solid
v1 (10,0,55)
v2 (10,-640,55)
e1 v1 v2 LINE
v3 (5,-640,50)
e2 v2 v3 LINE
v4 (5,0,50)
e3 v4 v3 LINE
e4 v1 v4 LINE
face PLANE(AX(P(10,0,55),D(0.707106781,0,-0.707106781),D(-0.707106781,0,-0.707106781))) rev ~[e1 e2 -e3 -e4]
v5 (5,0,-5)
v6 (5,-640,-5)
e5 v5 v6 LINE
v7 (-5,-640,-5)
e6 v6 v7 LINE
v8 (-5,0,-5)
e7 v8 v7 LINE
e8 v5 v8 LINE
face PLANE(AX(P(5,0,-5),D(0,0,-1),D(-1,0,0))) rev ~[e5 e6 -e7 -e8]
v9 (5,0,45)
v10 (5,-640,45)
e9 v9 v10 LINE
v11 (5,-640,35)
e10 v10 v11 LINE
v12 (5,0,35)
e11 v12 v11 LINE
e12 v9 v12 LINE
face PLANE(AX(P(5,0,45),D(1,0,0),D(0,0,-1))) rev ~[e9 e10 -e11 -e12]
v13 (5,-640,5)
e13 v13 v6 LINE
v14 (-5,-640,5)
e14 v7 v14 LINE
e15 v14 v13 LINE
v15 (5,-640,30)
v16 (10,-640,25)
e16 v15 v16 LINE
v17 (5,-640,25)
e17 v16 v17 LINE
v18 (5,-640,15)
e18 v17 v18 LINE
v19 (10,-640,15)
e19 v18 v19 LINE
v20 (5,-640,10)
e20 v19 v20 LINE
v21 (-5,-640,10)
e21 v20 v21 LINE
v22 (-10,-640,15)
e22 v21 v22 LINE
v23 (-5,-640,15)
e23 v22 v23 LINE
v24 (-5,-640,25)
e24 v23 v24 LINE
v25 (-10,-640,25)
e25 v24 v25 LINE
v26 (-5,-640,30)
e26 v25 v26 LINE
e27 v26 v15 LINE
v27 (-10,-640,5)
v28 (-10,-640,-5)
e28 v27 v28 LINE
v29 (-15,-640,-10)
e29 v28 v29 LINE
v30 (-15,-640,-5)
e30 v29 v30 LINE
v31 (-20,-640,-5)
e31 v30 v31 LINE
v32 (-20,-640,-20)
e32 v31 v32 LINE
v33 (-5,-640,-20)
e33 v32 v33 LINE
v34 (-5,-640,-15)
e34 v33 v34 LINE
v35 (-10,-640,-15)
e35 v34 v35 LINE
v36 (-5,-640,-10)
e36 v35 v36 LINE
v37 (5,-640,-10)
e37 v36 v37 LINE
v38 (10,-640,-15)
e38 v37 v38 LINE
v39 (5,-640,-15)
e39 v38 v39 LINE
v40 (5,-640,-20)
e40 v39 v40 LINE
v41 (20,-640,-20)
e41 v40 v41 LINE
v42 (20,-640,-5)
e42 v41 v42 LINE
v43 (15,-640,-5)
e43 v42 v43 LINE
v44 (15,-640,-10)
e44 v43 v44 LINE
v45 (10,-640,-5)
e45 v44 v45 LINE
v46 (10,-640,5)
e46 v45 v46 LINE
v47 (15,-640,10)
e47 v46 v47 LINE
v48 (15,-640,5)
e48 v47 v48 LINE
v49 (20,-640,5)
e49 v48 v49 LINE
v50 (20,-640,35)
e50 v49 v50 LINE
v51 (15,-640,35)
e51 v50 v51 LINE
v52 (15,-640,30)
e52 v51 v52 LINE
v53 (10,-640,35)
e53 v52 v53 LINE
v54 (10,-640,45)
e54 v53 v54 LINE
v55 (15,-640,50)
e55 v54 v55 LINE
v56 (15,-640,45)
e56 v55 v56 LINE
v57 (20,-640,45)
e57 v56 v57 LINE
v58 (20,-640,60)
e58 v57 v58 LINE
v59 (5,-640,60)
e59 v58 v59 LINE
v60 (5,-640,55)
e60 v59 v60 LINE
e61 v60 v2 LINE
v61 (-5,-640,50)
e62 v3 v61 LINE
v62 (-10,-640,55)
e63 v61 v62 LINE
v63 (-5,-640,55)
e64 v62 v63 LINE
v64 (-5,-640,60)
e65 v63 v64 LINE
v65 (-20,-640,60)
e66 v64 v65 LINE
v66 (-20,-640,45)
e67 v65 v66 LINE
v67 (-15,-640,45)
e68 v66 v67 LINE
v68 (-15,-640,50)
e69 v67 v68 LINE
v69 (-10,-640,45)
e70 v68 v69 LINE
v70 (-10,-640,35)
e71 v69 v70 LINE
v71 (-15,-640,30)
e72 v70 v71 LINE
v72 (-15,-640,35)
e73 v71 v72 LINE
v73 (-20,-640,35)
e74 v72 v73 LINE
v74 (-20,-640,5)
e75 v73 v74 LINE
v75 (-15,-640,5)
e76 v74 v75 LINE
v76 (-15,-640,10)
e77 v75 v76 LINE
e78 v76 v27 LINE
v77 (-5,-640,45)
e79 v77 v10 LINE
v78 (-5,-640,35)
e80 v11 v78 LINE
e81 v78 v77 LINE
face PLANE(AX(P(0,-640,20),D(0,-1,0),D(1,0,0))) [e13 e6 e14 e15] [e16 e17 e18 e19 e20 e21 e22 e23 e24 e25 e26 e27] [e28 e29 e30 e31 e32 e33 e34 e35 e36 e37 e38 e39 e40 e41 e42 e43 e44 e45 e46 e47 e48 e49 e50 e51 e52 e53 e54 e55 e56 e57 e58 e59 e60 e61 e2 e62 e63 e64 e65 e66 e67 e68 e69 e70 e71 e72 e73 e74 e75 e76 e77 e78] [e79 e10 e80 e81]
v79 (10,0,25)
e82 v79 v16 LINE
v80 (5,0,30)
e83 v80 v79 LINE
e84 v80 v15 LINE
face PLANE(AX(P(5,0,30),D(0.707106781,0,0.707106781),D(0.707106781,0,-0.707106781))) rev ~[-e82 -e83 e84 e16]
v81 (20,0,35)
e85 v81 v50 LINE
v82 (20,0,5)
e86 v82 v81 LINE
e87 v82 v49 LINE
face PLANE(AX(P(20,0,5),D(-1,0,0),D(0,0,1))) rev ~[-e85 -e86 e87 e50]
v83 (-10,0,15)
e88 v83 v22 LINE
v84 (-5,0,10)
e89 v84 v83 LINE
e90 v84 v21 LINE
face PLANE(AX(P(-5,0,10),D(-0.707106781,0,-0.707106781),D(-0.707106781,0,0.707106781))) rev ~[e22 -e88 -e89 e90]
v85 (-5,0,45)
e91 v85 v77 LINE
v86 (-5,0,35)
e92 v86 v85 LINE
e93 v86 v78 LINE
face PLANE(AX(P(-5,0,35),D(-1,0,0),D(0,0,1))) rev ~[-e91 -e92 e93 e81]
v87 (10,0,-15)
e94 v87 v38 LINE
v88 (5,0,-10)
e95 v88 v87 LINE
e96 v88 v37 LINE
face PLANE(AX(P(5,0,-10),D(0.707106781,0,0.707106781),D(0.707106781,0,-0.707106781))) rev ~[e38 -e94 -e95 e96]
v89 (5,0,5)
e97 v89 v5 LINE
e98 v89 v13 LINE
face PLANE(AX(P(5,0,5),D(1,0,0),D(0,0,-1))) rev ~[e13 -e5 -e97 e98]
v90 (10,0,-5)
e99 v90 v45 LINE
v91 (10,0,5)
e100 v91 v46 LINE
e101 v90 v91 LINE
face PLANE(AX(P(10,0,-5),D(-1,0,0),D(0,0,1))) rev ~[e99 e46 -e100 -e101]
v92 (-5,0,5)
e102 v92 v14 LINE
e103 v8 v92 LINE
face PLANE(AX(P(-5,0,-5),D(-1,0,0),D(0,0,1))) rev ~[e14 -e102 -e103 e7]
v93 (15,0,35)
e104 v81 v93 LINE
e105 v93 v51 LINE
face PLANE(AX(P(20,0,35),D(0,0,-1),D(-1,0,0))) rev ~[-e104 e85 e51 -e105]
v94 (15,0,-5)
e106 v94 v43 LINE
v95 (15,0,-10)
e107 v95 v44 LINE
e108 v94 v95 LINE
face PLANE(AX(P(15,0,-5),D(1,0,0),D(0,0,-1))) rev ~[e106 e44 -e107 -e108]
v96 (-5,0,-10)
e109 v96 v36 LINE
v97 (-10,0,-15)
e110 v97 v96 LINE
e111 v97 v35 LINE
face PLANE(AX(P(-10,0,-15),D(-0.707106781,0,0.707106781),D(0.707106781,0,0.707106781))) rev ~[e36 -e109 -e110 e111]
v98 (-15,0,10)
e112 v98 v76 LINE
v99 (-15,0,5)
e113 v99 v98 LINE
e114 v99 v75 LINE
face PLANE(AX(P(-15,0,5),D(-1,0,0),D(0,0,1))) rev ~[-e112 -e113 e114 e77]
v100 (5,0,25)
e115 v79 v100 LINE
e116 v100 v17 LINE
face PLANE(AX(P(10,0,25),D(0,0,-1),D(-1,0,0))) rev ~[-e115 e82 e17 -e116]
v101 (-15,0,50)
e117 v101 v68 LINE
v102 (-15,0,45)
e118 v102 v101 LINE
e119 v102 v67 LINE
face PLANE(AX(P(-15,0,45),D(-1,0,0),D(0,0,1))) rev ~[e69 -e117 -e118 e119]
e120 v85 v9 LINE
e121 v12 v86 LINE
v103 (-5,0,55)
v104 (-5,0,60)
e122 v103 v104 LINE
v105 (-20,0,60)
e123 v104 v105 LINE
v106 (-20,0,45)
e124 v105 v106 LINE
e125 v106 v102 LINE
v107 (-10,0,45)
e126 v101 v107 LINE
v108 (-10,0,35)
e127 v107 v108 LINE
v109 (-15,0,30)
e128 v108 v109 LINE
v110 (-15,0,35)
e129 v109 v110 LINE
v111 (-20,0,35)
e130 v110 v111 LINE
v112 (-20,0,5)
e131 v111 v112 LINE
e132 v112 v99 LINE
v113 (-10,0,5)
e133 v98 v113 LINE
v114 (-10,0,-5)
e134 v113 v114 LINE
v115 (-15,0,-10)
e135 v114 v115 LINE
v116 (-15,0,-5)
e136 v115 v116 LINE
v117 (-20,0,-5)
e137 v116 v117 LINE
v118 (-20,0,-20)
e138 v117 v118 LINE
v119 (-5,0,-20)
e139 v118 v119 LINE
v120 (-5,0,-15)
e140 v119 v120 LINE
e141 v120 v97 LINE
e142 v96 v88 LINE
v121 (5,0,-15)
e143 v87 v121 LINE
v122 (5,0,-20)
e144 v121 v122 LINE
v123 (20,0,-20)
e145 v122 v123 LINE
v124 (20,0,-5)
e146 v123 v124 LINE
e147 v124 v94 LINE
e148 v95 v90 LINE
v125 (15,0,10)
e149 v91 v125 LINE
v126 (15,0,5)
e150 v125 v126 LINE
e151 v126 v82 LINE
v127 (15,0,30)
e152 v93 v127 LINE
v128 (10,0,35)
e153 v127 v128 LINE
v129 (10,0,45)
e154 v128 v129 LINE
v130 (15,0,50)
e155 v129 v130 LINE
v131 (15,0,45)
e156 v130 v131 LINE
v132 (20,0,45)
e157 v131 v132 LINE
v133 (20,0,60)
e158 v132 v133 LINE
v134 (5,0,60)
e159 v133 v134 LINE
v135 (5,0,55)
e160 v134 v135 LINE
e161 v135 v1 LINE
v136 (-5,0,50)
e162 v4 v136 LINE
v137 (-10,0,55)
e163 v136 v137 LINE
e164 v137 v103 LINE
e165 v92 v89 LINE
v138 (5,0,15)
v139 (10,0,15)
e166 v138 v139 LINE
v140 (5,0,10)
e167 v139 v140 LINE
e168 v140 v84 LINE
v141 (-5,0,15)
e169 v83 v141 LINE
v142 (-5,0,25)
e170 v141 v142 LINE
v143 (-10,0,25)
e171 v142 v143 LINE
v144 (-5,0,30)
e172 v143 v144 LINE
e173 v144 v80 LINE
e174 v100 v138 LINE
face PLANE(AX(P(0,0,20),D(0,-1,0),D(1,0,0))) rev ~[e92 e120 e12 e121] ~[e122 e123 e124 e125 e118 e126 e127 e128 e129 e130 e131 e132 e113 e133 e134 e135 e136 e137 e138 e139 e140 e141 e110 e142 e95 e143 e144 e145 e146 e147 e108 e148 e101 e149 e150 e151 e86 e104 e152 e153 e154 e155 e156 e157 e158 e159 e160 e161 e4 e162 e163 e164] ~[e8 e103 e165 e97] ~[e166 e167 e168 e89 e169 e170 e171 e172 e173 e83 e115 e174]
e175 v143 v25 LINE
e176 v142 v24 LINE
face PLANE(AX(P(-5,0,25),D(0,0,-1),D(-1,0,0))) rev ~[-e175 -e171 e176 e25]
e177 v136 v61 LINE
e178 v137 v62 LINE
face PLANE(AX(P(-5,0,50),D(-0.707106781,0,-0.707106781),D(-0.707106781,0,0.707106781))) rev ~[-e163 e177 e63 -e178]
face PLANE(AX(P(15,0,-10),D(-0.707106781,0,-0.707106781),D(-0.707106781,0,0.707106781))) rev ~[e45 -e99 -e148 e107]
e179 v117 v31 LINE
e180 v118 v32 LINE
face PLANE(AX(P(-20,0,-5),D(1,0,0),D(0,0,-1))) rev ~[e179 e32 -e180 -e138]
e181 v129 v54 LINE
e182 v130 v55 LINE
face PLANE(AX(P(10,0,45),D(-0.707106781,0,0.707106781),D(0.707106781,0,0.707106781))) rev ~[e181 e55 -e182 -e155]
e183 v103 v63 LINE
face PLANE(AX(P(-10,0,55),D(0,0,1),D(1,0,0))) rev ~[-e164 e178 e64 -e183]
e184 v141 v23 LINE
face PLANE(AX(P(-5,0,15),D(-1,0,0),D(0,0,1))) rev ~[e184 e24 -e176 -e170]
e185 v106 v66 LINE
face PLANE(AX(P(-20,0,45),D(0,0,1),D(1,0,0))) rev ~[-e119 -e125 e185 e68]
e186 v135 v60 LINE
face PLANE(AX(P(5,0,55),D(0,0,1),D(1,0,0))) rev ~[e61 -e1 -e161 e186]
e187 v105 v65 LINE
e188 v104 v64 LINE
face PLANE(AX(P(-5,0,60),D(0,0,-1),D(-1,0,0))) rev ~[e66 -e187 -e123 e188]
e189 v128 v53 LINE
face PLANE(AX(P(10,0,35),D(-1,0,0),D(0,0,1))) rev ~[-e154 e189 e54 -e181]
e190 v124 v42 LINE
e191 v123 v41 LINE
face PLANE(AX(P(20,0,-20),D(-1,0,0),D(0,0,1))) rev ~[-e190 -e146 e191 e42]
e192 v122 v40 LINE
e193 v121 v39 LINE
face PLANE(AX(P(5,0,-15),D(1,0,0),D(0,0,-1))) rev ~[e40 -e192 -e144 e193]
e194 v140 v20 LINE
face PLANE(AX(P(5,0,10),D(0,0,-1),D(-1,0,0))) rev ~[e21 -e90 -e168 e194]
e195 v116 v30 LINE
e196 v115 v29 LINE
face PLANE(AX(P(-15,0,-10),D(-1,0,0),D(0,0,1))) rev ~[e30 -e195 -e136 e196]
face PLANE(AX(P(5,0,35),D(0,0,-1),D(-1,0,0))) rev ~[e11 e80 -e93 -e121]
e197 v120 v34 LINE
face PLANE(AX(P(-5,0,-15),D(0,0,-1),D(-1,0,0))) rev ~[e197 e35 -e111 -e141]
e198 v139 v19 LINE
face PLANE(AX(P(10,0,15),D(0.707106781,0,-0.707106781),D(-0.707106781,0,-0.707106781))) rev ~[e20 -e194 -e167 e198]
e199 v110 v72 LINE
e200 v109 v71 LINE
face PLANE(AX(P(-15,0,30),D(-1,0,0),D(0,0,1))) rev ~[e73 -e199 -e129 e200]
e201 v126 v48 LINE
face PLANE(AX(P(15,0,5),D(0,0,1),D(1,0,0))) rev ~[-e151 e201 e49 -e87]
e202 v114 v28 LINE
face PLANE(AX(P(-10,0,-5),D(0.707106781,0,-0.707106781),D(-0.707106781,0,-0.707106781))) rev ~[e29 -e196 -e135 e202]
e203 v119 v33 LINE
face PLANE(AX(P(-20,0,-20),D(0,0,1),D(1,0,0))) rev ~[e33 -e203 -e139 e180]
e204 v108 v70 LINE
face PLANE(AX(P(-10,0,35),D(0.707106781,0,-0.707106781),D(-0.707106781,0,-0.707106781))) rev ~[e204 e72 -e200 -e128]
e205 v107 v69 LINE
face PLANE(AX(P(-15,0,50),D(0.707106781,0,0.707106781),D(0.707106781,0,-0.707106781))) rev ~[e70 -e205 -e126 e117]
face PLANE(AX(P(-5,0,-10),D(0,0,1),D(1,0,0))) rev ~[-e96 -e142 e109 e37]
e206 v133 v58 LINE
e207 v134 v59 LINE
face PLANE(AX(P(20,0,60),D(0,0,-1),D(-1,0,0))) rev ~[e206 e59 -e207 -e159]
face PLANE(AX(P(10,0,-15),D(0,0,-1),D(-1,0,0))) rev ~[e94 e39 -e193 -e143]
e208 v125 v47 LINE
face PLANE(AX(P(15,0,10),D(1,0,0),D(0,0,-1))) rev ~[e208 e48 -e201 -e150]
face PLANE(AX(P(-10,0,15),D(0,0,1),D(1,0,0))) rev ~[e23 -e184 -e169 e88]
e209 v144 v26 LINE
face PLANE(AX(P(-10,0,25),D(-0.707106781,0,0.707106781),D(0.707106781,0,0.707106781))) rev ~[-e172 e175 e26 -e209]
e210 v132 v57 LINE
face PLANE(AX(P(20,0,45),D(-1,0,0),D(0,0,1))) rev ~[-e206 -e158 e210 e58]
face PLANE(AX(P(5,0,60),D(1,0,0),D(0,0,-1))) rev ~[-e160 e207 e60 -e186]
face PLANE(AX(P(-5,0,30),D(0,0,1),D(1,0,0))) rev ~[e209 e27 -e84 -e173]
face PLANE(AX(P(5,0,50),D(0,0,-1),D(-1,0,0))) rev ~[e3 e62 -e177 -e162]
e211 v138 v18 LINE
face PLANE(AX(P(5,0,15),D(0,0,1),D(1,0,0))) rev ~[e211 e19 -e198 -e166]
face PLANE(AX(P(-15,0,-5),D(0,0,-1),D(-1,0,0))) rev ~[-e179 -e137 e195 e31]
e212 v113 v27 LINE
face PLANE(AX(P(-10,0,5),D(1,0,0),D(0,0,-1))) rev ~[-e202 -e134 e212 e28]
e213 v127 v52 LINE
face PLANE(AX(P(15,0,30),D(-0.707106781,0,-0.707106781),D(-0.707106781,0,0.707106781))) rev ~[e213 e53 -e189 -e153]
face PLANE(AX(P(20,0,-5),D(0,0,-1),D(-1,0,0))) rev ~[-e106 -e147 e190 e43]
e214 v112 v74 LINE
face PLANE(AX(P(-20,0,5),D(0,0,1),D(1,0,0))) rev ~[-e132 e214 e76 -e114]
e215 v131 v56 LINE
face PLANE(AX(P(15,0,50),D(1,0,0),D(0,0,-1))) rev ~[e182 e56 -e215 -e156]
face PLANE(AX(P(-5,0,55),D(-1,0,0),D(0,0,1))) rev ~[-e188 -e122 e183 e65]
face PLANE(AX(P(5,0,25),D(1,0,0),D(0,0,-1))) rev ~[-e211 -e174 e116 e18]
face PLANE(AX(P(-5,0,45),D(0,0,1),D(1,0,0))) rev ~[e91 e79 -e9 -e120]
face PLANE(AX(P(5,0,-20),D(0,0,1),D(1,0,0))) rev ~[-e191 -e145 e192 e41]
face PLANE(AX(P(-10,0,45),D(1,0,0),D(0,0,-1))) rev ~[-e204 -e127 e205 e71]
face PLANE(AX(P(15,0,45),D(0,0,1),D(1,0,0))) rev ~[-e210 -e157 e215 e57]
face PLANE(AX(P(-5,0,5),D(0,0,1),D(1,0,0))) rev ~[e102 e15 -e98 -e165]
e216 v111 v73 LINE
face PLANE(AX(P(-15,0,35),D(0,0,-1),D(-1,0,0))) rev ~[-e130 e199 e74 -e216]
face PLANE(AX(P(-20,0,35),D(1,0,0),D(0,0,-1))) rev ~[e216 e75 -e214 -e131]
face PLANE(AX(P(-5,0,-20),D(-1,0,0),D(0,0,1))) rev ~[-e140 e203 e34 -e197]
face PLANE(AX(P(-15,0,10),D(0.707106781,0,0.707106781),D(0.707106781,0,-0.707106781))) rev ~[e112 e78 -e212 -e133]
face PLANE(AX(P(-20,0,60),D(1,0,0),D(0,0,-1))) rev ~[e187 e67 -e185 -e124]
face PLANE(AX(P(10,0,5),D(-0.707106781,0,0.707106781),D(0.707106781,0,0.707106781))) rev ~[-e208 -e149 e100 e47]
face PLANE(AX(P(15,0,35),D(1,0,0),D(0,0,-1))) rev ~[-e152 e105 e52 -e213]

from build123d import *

# Parameters (mm, degrees)
F1_DEPTH = 640


with BuildPart() as f1:
    # F0 (on Front) → F1 (new body)
    with BuildSketch(Plane.XZ):
        Polygon((5, -20), (20, -20), (20, -5), (15, -5), (15, -10), (10, -5), (10, 5), (15, 10), (15, 5), (20, 5), (20, 20), (20, 35), (15, 35), (15, 30), (10, 35), (10, 45), (15, 50), (15, 45), (20, 45), (20, 60), (5, 60), (5, 55), (10, 55), (5, 50), (-5, 50), (-10, 55), (-5, 55), (-5, 60), (-20, 60), (-20, 45), (-15, 45), (-15, 50), (-10, 45), (-10, 35), (-15, 30), (-15, 35), (-20, 35), (-20, 20), (-20, 5), (-15, 5), (-15, 10), (-10, 5), (-10, -5), (-15, -10), (-15, -5), (-20, -5), (-20, -20), (-5, -20), (-5, -15), (-10, -15), (-5, -10), (5, -10), (10, -15), (5, -15), align=None)
        Polygon((-5, 0), (-5, 5), (0, 5), (5, 5), (5, 0), (5, -5), (0, -5), (-5, -5), align=None, mode=Mode.SUBTRACT)
        Polygon((-5, 15), (-5, 20), (-5, 25), (-10, 25), (-5, 30), (5, 30), (10, 25), (5, 25), (5, 20), (5, 15), (10, 15), (5, 10), (-5, 10), (-10, 15), align=None, mode=Mode.SUBTRACT)
        Polygon((-5, 40), (-5, 45), (0, 45), (5, 45), (5, 40), (5, 35), (0, 35), (-5, 35), align=None, mode=Mode.SUBTRACT)
    extrude(amount=F1_DEPTH)


solid = f1.part
